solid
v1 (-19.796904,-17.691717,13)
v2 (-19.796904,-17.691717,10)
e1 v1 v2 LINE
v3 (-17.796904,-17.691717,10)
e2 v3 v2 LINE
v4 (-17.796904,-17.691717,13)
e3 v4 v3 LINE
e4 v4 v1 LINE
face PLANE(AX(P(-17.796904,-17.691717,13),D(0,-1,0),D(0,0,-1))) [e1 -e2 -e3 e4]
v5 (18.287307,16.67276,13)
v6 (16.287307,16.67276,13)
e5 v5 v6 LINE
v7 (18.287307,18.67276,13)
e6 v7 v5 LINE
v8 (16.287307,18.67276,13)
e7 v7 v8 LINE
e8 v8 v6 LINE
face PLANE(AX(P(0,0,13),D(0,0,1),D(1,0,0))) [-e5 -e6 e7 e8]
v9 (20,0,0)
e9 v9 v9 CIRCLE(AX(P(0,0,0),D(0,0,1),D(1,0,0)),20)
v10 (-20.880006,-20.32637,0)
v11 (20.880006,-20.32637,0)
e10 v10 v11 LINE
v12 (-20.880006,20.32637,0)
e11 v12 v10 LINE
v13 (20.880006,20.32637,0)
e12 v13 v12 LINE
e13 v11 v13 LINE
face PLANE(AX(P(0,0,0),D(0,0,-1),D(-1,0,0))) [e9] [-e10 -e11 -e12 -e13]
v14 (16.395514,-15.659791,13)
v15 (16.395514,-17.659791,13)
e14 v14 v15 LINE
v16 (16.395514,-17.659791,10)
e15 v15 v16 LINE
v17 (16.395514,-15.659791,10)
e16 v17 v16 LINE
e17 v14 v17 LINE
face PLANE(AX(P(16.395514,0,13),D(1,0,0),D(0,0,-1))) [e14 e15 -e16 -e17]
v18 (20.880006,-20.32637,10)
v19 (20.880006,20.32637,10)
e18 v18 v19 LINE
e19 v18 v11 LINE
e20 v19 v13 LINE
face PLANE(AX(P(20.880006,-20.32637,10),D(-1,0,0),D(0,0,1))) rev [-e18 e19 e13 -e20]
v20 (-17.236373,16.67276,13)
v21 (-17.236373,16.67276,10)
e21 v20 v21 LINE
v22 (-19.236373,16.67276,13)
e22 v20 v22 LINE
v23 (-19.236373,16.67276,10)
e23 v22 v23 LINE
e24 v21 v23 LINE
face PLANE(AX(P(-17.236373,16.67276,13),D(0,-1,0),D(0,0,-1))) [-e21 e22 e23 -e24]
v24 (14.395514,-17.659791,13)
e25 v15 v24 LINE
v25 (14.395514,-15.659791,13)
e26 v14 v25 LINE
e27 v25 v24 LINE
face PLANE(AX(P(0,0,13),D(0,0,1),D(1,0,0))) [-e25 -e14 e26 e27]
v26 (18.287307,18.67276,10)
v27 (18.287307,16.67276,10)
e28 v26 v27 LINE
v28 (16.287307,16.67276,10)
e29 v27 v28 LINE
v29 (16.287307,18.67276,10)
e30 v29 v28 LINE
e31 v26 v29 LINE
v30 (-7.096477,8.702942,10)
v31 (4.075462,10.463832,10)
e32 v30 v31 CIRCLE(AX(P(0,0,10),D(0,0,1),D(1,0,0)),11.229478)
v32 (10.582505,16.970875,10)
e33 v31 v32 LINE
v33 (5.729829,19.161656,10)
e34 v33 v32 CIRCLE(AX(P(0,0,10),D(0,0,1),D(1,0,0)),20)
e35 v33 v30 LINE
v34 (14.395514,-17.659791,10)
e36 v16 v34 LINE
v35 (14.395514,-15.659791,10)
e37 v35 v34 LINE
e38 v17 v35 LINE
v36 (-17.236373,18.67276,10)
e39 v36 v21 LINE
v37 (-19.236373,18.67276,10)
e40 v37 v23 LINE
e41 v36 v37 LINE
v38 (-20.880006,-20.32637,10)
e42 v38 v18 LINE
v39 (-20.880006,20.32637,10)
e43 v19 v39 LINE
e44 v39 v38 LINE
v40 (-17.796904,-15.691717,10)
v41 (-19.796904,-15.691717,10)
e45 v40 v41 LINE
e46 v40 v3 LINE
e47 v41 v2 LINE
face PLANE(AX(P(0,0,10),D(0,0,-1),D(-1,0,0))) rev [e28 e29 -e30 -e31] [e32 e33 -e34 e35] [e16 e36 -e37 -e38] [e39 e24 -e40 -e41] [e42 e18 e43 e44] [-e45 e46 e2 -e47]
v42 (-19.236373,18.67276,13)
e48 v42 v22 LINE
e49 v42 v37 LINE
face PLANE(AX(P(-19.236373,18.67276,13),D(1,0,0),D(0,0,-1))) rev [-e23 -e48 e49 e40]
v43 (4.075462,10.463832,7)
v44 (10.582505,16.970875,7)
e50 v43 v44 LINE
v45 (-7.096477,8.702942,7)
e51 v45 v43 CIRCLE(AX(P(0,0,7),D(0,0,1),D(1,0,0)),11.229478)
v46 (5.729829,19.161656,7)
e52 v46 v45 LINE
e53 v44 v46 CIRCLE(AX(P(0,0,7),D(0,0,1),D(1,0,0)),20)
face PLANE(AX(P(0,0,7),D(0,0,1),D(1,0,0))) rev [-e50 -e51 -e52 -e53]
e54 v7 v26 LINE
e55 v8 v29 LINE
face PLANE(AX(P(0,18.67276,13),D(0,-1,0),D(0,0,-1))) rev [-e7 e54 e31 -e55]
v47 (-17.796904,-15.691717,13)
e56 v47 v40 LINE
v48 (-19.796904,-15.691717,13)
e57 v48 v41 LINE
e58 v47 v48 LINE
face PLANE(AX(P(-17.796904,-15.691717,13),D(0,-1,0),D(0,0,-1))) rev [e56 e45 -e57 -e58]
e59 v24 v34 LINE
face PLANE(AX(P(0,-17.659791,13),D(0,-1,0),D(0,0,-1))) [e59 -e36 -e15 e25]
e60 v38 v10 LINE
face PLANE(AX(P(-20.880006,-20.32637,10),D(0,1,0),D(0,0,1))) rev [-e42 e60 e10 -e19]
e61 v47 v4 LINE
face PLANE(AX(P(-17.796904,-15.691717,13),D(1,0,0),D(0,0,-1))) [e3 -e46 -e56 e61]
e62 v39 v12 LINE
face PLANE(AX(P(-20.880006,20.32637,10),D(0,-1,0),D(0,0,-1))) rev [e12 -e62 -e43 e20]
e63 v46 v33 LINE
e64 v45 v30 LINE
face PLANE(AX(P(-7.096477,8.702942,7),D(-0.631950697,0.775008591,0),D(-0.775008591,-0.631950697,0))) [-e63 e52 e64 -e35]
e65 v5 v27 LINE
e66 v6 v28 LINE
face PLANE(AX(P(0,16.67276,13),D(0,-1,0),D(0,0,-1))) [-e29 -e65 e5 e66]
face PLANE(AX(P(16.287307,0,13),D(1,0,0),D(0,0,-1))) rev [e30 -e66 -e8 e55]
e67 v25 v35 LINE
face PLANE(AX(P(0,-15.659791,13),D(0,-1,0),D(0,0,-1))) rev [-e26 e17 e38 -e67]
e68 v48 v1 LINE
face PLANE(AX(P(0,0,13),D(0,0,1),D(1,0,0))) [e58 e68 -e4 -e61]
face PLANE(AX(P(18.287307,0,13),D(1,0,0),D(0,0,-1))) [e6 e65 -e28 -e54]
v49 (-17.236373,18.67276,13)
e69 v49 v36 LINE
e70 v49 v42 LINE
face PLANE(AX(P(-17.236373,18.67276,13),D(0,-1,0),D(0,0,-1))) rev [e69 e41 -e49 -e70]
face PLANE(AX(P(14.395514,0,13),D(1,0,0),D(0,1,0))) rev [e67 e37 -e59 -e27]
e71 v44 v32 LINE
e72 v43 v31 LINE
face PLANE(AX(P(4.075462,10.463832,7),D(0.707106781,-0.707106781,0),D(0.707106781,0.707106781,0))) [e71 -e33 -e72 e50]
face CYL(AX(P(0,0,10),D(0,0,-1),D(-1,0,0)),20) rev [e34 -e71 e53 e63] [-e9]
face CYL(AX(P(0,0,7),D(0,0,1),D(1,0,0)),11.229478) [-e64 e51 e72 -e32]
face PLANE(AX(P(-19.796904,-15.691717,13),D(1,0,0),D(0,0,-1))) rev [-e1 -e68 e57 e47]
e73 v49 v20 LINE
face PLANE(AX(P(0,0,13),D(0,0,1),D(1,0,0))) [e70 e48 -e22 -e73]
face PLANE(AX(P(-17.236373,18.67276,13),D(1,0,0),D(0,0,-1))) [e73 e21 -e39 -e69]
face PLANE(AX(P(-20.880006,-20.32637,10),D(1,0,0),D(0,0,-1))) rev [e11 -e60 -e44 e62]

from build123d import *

# Parameters (mm, degrees)
SKETCH1_W           = 41.760012726
SKETCH1_H           = 40.652739662
SKETCH1_R           = 20
BOSS_EXTRUDE1_DEPTH = 10
BOSS_EXTRUDE2_START = -3
BOSS_EXTRUDE2_DEPTH = 3
SKETCH3_W           = 2
SKETCH3_H           = 2
BOSS_EXTRUDE3_DEPTH = 3


with BuildPart() as part:
    # Sketch1 → Boss-Extrude1 (new body)
    with BuildSketch(Plane.XY):
        Rectangle(SKETCH1_W, SKETCH1_H)
        Circle(SKETCH1_R, mode=Mode.SUBTRACT)
    extrude(amount=BOSS_EXTRUDE1_DEPTH)

    # Sketch2 → Boss-Extrude2 (add)
    with BuildSketch(Plane.XY.offset(10).offset(BOSS_EXTRUDE2_START)):
        with BuildLine():
            Line((-7.096476546, 8.702942047), (5.729829486, 19.161655828))
            ThreePointArc((5.729829486, 19.161655828), (8.229395138, 18.228468275), (10.582504972, 16.970874713))
            Line((10.582504972, 16.970874713), (4.075462496, 10.463832237))
            ThreePointArc((4.075462496, 10.463832237), (1.74837497, -11.092536437), (-7.096476546, 8.702942047))
        make_face()
    extrude(amount=BOSS_EXTRUDE2_DEPTH)

    # Sketch3 → Boss-Extrude3 (add)
    with BuildSketch(Plane.XY.offset(10)):
        with Locations((15.395513793, -16.659790737)):
            Rectangle(SKETCH3_W, SKETCH3_H)
        with Locations((17.287307426, 17.672760389)):
            Rectangle(SKETCH3_W, SKETCH3_H)
        with Locations((-18.796904472, -16.691717232)):
            Rectangle(SKETCH3_W, SKETCH3_H)
        with Locations((-18.236373025, 17.672760389)):
            Rectangle(SKETCH3_W, SKETCH3_H)
    extrude(amount=BOSS_EXTRUDE3_DEPTH)


solid = part.part
